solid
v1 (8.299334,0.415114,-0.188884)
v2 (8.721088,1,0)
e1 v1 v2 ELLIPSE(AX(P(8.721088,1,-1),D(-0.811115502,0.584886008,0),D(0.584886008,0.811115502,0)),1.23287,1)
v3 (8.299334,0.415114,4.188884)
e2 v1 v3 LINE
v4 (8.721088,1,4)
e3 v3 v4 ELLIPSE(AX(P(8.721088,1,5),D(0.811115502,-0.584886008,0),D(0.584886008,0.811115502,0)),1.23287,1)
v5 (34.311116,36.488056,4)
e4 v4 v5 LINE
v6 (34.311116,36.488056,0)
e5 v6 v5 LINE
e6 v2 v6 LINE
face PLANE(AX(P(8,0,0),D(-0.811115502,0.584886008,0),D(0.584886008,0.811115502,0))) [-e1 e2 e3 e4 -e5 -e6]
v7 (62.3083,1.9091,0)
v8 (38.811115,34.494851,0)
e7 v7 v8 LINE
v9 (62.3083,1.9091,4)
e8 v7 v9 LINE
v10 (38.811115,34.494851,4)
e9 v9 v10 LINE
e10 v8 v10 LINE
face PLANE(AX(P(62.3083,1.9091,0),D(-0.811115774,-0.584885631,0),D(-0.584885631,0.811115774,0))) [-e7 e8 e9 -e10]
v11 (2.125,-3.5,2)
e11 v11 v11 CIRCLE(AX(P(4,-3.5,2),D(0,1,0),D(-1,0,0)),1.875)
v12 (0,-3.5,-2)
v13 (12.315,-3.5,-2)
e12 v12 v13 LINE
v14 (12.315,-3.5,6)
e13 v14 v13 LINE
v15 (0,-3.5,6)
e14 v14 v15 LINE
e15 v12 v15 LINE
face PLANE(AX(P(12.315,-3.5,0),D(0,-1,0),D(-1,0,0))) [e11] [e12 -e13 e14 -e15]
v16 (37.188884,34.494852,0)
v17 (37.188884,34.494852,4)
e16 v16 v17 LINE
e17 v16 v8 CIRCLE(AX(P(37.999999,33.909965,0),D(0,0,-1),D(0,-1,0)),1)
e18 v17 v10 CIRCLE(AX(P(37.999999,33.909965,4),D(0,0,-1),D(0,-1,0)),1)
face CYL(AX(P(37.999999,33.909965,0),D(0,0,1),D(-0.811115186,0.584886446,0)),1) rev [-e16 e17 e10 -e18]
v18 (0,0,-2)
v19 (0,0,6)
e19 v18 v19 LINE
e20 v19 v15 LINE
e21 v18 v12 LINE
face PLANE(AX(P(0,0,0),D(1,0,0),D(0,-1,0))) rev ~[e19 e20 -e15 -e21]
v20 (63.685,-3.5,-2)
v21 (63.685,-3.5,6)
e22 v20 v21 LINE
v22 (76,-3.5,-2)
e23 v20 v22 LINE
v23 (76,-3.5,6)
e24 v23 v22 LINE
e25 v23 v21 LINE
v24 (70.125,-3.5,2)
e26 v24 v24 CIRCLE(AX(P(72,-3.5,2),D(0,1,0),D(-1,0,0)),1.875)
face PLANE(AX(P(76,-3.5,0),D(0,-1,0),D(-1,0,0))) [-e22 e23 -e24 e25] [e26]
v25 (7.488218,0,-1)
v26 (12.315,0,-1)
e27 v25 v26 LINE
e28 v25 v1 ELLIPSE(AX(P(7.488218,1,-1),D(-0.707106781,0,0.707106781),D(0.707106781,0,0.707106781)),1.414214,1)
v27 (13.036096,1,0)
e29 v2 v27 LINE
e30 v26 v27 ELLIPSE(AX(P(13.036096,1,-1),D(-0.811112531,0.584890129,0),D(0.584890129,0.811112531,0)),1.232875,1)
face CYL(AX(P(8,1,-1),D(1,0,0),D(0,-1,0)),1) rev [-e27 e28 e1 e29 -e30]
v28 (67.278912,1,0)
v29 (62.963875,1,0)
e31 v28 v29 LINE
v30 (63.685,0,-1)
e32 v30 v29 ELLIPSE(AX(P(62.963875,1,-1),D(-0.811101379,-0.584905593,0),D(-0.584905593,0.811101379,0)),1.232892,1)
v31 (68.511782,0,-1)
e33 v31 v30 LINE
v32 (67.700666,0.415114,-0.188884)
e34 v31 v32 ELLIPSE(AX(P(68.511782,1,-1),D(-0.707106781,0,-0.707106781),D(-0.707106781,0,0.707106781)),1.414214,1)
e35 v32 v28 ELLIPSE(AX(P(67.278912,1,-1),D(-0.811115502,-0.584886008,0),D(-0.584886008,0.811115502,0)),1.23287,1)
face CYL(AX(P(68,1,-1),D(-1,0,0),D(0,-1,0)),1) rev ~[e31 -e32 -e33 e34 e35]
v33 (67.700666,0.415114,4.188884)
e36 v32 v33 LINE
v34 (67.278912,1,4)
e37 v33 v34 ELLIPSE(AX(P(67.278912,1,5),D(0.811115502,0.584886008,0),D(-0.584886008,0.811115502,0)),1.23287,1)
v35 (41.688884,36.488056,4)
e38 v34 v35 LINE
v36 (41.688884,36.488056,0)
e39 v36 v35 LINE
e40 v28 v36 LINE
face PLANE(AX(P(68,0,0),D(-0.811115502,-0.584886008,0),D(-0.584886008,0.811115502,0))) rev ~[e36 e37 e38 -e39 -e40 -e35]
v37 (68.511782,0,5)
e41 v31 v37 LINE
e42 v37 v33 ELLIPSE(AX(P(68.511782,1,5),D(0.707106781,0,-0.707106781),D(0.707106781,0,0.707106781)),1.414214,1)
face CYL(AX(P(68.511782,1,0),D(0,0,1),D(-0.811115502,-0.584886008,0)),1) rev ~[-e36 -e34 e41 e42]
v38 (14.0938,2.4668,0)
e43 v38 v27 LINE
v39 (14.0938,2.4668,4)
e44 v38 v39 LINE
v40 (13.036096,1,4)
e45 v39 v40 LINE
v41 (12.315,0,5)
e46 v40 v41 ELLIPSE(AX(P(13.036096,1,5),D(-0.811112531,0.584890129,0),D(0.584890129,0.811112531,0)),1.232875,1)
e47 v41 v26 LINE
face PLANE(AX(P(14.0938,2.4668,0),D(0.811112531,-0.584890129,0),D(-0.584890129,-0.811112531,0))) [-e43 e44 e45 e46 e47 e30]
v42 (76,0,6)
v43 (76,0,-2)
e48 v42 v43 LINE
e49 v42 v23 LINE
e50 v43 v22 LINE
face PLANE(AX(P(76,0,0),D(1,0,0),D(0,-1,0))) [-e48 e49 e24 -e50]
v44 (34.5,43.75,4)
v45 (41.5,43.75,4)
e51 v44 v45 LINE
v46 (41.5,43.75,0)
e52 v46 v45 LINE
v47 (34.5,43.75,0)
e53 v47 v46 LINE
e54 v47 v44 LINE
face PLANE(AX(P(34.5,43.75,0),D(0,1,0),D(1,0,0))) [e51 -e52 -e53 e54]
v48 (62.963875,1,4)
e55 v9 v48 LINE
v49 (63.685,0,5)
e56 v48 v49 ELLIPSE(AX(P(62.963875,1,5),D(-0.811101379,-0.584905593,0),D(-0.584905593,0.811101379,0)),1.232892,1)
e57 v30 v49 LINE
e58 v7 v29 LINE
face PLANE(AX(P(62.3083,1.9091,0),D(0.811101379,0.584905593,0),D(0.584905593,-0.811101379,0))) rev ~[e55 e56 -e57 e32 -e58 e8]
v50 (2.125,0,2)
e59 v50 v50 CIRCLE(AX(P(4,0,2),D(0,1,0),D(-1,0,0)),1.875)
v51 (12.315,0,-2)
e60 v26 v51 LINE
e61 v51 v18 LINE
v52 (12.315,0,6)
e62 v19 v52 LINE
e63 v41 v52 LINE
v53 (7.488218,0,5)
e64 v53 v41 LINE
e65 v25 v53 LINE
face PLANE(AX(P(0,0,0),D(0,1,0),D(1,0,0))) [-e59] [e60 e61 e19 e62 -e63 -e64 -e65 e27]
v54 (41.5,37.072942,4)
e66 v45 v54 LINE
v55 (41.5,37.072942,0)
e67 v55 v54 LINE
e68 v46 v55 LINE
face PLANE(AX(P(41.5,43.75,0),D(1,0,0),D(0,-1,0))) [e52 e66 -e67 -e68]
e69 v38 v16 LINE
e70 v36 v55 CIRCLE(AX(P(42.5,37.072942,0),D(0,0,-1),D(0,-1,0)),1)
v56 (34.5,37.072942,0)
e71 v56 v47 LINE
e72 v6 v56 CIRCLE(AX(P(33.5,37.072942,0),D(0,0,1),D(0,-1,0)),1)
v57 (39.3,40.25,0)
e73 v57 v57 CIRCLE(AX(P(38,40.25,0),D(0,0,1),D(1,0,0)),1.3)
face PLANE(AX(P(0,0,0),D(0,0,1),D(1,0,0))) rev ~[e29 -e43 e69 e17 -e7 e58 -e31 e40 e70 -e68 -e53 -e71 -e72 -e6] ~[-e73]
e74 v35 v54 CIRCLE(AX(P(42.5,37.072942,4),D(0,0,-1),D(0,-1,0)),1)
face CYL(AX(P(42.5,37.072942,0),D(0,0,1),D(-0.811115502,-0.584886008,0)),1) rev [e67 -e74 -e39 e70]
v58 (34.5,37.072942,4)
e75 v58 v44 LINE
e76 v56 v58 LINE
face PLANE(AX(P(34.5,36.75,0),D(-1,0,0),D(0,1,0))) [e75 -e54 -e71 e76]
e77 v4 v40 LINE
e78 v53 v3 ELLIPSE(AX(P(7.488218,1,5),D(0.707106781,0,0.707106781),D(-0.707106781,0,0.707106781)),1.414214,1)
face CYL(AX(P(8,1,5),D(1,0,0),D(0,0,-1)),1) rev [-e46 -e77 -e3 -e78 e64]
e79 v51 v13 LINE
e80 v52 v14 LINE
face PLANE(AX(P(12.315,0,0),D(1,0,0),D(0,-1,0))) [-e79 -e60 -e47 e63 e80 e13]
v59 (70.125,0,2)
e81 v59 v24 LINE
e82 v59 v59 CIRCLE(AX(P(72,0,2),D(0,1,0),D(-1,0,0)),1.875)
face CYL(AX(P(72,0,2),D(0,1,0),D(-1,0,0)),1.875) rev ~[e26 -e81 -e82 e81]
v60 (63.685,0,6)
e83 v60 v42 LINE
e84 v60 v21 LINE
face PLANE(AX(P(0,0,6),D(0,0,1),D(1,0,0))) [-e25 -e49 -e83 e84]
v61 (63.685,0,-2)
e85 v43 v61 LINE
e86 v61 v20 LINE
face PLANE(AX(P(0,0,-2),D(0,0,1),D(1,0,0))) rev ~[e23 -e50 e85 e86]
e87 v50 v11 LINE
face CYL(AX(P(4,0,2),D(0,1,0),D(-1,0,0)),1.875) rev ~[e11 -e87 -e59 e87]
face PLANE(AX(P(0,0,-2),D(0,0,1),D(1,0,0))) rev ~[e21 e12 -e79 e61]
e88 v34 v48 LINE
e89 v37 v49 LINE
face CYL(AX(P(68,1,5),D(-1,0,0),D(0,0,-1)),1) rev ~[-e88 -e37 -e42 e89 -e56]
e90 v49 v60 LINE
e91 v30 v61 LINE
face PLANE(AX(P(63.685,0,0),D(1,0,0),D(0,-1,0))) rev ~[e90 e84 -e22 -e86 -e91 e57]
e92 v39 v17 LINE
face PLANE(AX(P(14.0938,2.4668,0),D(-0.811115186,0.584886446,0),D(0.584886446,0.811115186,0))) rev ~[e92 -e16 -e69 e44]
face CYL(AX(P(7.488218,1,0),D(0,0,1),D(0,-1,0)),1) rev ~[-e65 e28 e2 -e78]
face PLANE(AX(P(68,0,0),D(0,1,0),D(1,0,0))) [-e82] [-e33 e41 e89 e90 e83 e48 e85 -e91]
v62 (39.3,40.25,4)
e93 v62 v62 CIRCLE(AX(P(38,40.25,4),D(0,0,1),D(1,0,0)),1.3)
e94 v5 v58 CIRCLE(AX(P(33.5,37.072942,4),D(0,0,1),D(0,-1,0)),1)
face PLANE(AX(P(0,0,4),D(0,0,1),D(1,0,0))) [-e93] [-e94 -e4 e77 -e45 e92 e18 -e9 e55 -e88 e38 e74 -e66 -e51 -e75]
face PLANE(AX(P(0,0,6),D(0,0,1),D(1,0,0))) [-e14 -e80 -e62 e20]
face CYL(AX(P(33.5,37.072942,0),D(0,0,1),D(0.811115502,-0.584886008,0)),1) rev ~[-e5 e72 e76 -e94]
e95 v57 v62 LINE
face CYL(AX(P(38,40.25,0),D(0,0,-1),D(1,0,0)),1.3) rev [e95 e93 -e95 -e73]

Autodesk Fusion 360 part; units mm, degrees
sketch "Sketch1" plane through (0, 0, 0) normal (0, 0, 1) x (1, 0, 0)
  line L0 (0, 0) -> (8, 0)
  line L1 (8, 0) -> (38, 0) construction
  line L2 (38, 0) -> (38, 40.25) construction
  circle A0 centre (38, 40.25) radius 1.3
  line L3 (41.5, 36.75) -> (34.5, 36.75)
  line L4 (34.5, 36.75) -> (34.5, 43.75)
  line L5 (34.5, 43.75) -> (41.5, 43.75)
  line L6 (41.5, 43.75) -> (41.5, 36.75)
  line L7 (41.5, 36.75) -> (34.5, 43.75) construction
  line L8 (34.5, 36.75) -> (41.5, 43.75) construction
  line L9 (8, 0) -> (34.5, 36.75)
  line L10 (38, 0) -> (68, 0) construction
  line L11 (68, 0) -> (76, 0)
  line L12 (68, 0) -> (41.5, 36.75)
  line L13 (76, 0) -> (76, -3.5)
  line L14 (76, -3.5) -> (68, -3.5)
  line L15 (0, 0) -> (0, -3.5)
  line L16 (0, -3.5) -> (8, -3.5)
  line L17 (11.2549, 4.5139) -> (14.0938, 2.4668) construction
  line L18 (8, -3.5) -> (9.7912, -3.5)
  line L19 (14.0938, 2.4668) -> (38, 35.6197)
  line L20 (65.1473, 3.9562) -> (62.3083, 1.9091) construction
  line L21 (62.3083, 1.9091) -> (38, 35.6197)
  line L22 (68, -3.5) -> (66.2088, -3.5)
  line L23 (8, 0) -> (12.315, 0)
  line L24 (68, 0) -> (63.685, 0)
  line L25 (14.0938, 2.4668) -> (12.315, 0)
  line L26 (12.315, 0) -> (12.315, -3.5)
  line L27 (12.315, -3.5) -> (9.7912, -3.5)
  line L28 (62.3083, 1.9091) -> (63.685, 0)
  line L29 (63.685, 0) -> (63.685, -3.5)
  line L30 (66.2088, -3.5) -> (63.685, -3.5)
  point P0 (38, 40.25)
  dimension "d1" = 8
  dimension "d2" = 30
  dimension "d3" = 40.25
  dimension "d4" = 2.6
  dimension "d5" = 7
  dimension "d6" = 7
  dimension "d7" = 30
  dimension "d8" = 8
  dimension "d9" = 3.5
  dimension "d10" = 3.5
extrude "Extrude1" add sketch "Sketch1" along normal blind 4 contours L3 L9 L12 L19 L21 L23 L24 L25 L28 | L3 L4 L5 L6 makes body 1
extrude "Extrude2" add sketch "Sketch1" along normal blind 6 separate body contours L0 L15 L16 L18 L23 L26 L27 | L11 L13 L14 L22 L24 L29 L30 makes body 2 at (67.79, 0, 2) makes body 3 at (4.105, 0, 2)
extrude "Extrude3" add sketch "Sketch1" against normal blind 2 contours L0 L15 L16 L18 L23 L26 L27 | L11 L13 L14 L22 L24 L29 L30 bodies 1 2 3
sketch "Sketch2" plane through (0, 0, 0) normal (0, 1, 0) x (-1, 0, 0)
  line L0 (-12.315, 4) -> (-8, 4)
  line L1 (-8, 4) -> (-8, 0)
  line L2 (-8, 0) -> (-12.315, 0)
  line L3 (-12.315, -2) -> (0, -2)
  line L4 (0, -2) -> (0, 6)
  line L5 (0, 6) -> (-12.315, 6)
  line L6 (-8.0111, 1.6089) -> (0, 2) construction
  line L7 (-4, 6) -> (-4, -2) construction
  circle A0 centre (-4, 2) radius 1.875
  line L8 (-12.315, 0) -> (-12.315, -2)
  line L9 (-12.315, 6) -> (-12.315, 4)
  dimension "d19" = 4
  dimension "d20" = 3.75
extrude "Extrude4" cut sketch "Sketch2" against normal blind 3.5 contours A0 bodies 1
sketch "Sketch3" plane through (0, 0, 0) normal (0, 1, 0) x (-1, 0, 0)
  line L0 (-68, 4) -> (-63.685, 4)
  line L1 (-63.685, 4) -> (-63.685, 6)
  line L2 (-63.685, 6) -> (-76, 6)
  line L3 (-76, 6) -> (-76, -2)
  line L4 (-76, -2) -> (-63.685, -2)
  line L5 (-63.685, -2) -> (-63.685, 0)
  line L6 (-63.685, 0) -> (-68, 0)
  line L7 (-68, 0) -> (-68, 4)
  line L8 (-76, 2) -> (-68, 2) construction
  line L9 (-72, 6) -> (-72, -2) construction
  circle A0 centre (-72, 2) radius 1.875
  dimension "d23" = 4
  dimension "d24" = 3.75
extrude "Extrude5" cut sketch "Sketch3" against normal blind 3.5 contours A0 bodies 1
fillet "Fillet1" radius 1 2 edges at (41.5, 36.75, 2) (34.5, 36.75, 2) on bodies 1
fillet "Fillet2" radius 1 3 edges at (68, 0, 2) (65.8425, 0, 0) (65.8425, 0, 4) on bodies 1
fillet "Fillet3" radius 1 3 edges at (8, 0, 2) (10.1575, 0, 4) (10.1575, 0, 0) on bodies 1
fillet "Fillet4" radius 1 1 edges at (38, 35.6197, 2) on bodies 1
